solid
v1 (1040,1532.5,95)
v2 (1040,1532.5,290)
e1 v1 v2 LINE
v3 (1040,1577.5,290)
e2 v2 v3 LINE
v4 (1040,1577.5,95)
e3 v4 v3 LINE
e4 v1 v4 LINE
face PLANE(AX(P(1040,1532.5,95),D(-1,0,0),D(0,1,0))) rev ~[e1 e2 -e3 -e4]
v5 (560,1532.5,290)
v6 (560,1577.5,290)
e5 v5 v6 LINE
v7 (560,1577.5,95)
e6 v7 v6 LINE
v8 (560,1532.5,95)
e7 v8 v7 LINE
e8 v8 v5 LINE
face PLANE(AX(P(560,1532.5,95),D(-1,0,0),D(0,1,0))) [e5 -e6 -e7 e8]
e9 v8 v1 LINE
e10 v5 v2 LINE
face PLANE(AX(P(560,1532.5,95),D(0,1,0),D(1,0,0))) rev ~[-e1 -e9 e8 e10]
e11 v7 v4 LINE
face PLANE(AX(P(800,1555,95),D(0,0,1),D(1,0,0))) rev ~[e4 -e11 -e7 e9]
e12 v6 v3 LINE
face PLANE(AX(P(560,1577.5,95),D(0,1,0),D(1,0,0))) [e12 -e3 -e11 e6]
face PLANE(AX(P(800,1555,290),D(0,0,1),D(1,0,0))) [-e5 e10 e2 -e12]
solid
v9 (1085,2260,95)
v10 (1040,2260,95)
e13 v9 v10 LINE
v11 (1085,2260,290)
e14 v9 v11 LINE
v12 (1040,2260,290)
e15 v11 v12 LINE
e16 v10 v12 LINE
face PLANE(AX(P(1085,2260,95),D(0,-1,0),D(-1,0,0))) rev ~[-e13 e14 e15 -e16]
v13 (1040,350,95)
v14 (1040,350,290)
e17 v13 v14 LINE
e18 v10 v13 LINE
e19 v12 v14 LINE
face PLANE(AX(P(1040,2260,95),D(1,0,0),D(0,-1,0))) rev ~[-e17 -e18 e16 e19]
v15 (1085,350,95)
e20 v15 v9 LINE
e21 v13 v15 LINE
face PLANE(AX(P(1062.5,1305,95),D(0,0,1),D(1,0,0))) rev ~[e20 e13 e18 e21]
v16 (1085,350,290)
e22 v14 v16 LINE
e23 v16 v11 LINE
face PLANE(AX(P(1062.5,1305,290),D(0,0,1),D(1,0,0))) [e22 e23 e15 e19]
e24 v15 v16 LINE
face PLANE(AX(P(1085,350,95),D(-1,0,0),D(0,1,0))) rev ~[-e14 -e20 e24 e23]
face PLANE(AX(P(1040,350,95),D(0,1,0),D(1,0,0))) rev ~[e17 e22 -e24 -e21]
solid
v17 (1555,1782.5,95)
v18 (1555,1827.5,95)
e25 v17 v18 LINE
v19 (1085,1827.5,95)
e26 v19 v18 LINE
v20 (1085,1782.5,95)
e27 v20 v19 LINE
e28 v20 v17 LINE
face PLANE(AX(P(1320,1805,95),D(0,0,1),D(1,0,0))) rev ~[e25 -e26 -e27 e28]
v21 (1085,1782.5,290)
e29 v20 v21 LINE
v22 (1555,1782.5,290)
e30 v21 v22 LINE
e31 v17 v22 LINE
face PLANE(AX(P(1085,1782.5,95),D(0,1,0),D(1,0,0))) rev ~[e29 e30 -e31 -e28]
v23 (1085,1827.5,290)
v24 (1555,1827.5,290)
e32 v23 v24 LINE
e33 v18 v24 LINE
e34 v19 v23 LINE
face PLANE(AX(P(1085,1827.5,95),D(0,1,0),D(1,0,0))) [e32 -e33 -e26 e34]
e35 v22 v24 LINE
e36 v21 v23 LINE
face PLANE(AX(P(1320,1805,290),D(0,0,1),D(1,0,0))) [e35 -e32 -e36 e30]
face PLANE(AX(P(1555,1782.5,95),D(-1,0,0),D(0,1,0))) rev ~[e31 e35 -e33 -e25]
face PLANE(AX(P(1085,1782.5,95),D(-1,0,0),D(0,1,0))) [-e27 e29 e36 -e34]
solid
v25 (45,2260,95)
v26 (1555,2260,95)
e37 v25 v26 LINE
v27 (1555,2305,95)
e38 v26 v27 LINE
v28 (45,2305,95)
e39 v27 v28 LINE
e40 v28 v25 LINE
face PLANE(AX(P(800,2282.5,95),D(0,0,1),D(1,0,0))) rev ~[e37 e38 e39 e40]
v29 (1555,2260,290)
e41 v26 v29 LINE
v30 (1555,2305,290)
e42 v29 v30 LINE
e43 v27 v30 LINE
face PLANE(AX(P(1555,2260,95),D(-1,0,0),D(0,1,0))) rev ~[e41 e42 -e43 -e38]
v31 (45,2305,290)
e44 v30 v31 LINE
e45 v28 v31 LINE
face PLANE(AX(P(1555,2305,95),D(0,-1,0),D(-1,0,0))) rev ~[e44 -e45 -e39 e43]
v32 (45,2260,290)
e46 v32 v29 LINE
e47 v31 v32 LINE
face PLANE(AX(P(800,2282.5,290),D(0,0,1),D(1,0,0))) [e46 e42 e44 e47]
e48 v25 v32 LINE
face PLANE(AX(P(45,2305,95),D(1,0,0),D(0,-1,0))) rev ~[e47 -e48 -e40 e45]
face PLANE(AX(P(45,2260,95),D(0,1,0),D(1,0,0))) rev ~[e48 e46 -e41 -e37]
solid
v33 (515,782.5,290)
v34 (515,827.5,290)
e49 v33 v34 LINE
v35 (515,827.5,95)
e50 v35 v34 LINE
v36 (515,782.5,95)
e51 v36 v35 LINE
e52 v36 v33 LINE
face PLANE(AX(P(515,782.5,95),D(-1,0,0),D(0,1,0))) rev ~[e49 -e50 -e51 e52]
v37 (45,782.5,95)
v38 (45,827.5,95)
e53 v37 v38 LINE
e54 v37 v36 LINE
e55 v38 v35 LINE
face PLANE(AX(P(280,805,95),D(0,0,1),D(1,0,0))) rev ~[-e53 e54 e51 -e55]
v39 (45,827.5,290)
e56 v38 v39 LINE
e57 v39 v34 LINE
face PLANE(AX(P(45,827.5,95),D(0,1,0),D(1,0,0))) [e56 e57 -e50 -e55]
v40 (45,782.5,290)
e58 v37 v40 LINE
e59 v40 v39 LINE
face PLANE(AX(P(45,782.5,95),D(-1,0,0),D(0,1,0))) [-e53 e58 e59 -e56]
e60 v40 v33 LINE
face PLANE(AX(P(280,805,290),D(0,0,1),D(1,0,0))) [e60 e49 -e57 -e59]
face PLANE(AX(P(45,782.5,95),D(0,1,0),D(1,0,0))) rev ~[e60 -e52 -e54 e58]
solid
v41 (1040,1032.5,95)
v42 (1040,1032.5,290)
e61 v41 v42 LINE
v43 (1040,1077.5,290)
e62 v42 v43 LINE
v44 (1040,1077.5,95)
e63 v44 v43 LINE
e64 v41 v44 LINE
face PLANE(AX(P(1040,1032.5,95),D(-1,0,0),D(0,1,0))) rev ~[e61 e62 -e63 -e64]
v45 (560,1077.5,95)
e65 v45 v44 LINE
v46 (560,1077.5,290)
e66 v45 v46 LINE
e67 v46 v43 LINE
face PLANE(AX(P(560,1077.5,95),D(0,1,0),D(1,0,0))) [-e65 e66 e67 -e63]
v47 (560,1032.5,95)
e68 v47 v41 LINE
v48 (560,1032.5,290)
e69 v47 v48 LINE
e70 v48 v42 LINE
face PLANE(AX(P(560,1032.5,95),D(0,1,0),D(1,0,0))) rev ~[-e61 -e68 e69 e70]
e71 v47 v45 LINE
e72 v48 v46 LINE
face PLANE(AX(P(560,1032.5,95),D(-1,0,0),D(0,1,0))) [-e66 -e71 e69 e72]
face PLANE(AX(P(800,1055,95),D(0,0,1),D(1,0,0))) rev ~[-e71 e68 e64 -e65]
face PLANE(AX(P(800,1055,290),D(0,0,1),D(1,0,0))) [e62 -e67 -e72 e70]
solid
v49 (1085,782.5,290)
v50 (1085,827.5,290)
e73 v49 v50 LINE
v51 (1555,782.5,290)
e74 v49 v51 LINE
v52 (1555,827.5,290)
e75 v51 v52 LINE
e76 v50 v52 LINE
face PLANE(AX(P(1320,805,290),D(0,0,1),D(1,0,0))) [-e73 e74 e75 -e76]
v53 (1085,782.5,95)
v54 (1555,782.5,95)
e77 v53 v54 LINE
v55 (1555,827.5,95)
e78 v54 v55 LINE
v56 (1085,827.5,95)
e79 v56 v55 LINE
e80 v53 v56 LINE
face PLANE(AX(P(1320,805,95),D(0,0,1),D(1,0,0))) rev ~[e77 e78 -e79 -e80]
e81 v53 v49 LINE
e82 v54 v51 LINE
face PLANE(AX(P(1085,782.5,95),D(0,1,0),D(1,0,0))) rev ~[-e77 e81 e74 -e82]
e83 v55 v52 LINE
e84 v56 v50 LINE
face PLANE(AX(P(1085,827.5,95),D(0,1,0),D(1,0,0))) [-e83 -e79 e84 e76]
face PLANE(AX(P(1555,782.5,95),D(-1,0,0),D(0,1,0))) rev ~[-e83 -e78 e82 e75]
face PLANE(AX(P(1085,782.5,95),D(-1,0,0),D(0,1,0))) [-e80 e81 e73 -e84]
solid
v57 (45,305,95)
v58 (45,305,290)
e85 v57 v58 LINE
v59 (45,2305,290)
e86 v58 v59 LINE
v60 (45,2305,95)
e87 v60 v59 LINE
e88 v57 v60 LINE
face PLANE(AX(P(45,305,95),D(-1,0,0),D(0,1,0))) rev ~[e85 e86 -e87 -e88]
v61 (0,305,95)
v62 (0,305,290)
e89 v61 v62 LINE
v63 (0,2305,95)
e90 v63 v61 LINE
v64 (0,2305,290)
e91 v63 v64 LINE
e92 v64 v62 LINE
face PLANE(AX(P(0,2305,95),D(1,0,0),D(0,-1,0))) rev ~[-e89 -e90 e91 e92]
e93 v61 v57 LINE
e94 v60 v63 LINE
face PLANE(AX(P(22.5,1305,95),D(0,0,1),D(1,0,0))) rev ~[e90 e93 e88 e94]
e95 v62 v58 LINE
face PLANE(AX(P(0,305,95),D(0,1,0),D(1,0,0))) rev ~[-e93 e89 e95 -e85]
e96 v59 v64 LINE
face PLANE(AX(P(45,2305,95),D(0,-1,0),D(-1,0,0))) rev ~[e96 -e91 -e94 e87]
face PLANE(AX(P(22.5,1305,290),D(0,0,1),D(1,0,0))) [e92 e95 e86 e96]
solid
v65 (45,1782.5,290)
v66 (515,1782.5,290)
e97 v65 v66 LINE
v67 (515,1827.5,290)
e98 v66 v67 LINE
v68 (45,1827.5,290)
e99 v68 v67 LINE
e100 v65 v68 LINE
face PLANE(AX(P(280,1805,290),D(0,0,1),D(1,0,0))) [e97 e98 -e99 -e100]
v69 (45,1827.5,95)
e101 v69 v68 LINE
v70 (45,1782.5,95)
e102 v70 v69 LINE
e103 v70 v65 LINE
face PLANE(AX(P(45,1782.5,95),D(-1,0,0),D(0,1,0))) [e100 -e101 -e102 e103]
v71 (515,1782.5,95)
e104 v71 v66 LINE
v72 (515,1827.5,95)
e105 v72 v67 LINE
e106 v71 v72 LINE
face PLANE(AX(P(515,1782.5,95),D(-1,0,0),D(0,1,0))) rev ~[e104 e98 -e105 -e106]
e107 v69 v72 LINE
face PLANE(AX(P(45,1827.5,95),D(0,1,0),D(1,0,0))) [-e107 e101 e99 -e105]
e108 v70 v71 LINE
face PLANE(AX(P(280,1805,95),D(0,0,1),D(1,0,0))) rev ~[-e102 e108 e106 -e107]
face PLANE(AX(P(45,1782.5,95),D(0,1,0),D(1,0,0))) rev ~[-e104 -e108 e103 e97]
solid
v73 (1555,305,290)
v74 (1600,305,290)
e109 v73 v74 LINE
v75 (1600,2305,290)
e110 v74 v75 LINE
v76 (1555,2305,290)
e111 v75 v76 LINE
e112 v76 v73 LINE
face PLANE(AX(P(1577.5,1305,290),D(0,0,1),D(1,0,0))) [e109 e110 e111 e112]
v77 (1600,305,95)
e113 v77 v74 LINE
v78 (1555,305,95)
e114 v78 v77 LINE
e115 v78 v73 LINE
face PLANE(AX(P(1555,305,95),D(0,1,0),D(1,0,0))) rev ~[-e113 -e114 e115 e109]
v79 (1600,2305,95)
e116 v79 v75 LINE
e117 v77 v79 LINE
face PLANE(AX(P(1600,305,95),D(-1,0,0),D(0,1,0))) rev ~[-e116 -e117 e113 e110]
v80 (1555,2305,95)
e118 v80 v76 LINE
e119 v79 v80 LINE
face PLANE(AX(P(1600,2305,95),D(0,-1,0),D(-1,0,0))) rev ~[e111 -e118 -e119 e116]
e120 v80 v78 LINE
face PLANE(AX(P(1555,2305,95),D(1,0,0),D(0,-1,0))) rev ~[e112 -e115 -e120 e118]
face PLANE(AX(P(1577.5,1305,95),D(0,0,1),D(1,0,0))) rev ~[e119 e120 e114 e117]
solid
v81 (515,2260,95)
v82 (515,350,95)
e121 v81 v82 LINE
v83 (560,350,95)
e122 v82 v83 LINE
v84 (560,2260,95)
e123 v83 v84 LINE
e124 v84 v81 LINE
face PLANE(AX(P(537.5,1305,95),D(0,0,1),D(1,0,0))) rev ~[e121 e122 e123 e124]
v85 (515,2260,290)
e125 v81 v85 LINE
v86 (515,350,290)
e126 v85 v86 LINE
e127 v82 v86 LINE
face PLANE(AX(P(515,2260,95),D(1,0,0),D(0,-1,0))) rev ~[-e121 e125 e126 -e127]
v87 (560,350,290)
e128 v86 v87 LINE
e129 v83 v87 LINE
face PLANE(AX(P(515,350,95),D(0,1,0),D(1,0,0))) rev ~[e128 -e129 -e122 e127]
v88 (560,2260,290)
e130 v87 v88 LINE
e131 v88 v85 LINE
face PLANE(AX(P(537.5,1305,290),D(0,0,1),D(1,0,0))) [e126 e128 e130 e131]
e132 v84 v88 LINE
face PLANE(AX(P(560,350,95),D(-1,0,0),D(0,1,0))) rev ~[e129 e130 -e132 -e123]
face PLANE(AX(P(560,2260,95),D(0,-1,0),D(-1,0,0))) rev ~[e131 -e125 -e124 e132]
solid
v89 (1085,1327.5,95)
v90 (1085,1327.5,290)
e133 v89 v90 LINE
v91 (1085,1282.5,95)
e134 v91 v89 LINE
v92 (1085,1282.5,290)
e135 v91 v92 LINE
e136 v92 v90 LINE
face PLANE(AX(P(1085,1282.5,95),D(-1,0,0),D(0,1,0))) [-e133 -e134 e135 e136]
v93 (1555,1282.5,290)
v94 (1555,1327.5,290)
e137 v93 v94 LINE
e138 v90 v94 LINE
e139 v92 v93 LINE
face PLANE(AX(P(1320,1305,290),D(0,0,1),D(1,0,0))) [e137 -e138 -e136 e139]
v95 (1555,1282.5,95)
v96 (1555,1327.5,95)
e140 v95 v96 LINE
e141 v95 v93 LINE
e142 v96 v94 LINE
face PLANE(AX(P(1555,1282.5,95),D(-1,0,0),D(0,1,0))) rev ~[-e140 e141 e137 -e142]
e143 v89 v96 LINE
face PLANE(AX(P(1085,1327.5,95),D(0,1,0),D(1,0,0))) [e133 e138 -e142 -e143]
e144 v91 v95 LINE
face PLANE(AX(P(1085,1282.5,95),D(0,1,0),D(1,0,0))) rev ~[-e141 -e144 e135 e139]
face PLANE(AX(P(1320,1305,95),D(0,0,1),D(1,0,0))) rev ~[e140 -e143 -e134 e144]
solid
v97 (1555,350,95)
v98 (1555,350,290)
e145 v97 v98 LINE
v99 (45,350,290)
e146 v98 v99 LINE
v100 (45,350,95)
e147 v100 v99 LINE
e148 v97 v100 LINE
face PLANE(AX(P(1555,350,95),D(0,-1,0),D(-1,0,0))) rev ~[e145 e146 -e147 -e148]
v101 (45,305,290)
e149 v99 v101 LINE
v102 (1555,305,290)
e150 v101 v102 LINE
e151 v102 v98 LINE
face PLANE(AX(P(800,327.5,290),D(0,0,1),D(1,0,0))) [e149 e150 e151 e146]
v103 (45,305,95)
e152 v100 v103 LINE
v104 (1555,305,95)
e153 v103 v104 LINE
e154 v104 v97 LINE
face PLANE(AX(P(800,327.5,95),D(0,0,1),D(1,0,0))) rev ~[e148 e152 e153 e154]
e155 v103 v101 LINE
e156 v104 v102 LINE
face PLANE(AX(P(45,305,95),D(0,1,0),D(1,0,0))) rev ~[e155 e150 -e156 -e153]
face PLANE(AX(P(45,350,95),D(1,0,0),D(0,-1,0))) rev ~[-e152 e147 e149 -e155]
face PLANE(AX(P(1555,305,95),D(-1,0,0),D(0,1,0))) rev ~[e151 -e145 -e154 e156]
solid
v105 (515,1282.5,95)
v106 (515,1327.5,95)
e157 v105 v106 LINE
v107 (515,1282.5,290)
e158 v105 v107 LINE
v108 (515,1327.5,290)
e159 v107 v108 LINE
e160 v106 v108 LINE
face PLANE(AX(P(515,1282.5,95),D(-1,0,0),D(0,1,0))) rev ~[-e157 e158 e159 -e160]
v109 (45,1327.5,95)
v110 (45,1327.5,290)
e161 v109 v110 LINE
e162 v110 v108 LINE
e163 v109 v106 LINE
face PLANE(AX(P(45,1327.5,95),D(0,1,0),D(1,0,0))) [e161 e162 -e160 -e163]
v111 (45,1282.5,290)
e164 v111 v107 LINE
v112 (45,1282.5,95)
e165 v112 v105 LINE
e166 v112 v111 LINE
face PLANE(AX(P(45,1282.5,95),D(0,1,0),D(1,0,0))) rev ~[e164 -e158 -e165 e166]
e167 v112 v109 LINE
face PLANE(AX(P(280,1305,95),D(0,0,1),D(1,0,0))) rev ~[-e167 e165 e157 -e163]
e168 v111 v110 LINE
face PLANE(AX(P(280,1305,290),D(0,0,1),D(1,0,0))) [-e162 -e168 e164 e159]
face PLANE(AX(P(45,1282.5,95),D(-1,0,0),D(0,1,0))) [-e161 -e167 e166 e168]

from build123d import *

# Parameters (mm, degrees)
F3_DEPTH = 195
F2_W     = 470
F2_H     = 45
F2_W_2   = 480
F4_DEPTH = 195


with BuildPart() as f3:
    # F2 (on offset) → F3 (new body)
    with BuildSketch(Plane.XY.offset(95)):
        Polygon((45, 2305), (0, 2305), (0, 305), (45, 305), (45, 350), (45, 782.5), (45, 827.5), (45, 1282.5), (45, 1327.5), (45, 1782.5), (45, 1827.5), (45, 2260), align=None)
        Polygon((560, 2260), (515, 2260), (515, 1827.5), (515, 1782.5), (515, 1327.5), (515, 1282.5), (515, 827.5), (515, 782.5), (515, 350), (560, 350), (560, 1032.5), (560, 1077.5), (560, 1532.5), (560, 1577.5), align=None)
        Polygon((1085, 1827.5), (1085, 2260), (1040, 2260), (1040, 1577.5), (1040, 1532.5), (1040, 1077.5), (1040, 1032.5), (1040, 350), (1085, 350), (1085, 782.5), (1085, 827.5), (1085, 1282.5), (1085, 1327.5), (1085, 1782.5), align=None)
        Polygon((1600, 2305), (1555, 2305), (1555, 2260), (1555, 1827.5), (1555, 1782.5), (1555, 1327.5), (1555, 1282.5), (1555, 827.5), (1555, 782.5), (1555, 350), (1555, 305), (1600, 305), align=None)
    extrude(amount=F3_DEPTH)


with BuildPart() as f4:
    # F2 (on offset) → F4 (new body)
    with BuildSketch(Plane.XY.offset(95)):
        Polygon((1555, 2305), (45, 2305), (45, 2260), (515, 2260), (560, 2260), (1040, 2260), (1085, 2260), (1555, 2260), align=None)
        with Locations((280, 1805)):
            Rectangle(F2_W, F2_H)
        with Locations((280, 1305)):
            Rectangle(F2_W, F2_H)
        with Locations((280, 805)):
            Rectangle(F2_W, F2_H)
        Polygon((45, 350), (45, 305), (1555, 305), (1555, 350), (1085, 350), (1040, 350), (560, 350), (515, 350), align=None)
        with Locations((800, 1055)):
            Rectangle(F2_W_2, F2_H)
        with Locations((800, 1555)):
            Rectangle(F2_W_2, F2_H)
        with Locations((1320, 1805)):
            Rectangle(F2_W, F2_H)
        with Locations((1320, 1305)):
            Rectangle(F2_W, F2_H)
        with Locations((1320, 805)):
            Rectangle(F2_W, F2_H)
    extrude(amount=F4_DEPTH)


solid = Compound([f3.part, f4.part])
